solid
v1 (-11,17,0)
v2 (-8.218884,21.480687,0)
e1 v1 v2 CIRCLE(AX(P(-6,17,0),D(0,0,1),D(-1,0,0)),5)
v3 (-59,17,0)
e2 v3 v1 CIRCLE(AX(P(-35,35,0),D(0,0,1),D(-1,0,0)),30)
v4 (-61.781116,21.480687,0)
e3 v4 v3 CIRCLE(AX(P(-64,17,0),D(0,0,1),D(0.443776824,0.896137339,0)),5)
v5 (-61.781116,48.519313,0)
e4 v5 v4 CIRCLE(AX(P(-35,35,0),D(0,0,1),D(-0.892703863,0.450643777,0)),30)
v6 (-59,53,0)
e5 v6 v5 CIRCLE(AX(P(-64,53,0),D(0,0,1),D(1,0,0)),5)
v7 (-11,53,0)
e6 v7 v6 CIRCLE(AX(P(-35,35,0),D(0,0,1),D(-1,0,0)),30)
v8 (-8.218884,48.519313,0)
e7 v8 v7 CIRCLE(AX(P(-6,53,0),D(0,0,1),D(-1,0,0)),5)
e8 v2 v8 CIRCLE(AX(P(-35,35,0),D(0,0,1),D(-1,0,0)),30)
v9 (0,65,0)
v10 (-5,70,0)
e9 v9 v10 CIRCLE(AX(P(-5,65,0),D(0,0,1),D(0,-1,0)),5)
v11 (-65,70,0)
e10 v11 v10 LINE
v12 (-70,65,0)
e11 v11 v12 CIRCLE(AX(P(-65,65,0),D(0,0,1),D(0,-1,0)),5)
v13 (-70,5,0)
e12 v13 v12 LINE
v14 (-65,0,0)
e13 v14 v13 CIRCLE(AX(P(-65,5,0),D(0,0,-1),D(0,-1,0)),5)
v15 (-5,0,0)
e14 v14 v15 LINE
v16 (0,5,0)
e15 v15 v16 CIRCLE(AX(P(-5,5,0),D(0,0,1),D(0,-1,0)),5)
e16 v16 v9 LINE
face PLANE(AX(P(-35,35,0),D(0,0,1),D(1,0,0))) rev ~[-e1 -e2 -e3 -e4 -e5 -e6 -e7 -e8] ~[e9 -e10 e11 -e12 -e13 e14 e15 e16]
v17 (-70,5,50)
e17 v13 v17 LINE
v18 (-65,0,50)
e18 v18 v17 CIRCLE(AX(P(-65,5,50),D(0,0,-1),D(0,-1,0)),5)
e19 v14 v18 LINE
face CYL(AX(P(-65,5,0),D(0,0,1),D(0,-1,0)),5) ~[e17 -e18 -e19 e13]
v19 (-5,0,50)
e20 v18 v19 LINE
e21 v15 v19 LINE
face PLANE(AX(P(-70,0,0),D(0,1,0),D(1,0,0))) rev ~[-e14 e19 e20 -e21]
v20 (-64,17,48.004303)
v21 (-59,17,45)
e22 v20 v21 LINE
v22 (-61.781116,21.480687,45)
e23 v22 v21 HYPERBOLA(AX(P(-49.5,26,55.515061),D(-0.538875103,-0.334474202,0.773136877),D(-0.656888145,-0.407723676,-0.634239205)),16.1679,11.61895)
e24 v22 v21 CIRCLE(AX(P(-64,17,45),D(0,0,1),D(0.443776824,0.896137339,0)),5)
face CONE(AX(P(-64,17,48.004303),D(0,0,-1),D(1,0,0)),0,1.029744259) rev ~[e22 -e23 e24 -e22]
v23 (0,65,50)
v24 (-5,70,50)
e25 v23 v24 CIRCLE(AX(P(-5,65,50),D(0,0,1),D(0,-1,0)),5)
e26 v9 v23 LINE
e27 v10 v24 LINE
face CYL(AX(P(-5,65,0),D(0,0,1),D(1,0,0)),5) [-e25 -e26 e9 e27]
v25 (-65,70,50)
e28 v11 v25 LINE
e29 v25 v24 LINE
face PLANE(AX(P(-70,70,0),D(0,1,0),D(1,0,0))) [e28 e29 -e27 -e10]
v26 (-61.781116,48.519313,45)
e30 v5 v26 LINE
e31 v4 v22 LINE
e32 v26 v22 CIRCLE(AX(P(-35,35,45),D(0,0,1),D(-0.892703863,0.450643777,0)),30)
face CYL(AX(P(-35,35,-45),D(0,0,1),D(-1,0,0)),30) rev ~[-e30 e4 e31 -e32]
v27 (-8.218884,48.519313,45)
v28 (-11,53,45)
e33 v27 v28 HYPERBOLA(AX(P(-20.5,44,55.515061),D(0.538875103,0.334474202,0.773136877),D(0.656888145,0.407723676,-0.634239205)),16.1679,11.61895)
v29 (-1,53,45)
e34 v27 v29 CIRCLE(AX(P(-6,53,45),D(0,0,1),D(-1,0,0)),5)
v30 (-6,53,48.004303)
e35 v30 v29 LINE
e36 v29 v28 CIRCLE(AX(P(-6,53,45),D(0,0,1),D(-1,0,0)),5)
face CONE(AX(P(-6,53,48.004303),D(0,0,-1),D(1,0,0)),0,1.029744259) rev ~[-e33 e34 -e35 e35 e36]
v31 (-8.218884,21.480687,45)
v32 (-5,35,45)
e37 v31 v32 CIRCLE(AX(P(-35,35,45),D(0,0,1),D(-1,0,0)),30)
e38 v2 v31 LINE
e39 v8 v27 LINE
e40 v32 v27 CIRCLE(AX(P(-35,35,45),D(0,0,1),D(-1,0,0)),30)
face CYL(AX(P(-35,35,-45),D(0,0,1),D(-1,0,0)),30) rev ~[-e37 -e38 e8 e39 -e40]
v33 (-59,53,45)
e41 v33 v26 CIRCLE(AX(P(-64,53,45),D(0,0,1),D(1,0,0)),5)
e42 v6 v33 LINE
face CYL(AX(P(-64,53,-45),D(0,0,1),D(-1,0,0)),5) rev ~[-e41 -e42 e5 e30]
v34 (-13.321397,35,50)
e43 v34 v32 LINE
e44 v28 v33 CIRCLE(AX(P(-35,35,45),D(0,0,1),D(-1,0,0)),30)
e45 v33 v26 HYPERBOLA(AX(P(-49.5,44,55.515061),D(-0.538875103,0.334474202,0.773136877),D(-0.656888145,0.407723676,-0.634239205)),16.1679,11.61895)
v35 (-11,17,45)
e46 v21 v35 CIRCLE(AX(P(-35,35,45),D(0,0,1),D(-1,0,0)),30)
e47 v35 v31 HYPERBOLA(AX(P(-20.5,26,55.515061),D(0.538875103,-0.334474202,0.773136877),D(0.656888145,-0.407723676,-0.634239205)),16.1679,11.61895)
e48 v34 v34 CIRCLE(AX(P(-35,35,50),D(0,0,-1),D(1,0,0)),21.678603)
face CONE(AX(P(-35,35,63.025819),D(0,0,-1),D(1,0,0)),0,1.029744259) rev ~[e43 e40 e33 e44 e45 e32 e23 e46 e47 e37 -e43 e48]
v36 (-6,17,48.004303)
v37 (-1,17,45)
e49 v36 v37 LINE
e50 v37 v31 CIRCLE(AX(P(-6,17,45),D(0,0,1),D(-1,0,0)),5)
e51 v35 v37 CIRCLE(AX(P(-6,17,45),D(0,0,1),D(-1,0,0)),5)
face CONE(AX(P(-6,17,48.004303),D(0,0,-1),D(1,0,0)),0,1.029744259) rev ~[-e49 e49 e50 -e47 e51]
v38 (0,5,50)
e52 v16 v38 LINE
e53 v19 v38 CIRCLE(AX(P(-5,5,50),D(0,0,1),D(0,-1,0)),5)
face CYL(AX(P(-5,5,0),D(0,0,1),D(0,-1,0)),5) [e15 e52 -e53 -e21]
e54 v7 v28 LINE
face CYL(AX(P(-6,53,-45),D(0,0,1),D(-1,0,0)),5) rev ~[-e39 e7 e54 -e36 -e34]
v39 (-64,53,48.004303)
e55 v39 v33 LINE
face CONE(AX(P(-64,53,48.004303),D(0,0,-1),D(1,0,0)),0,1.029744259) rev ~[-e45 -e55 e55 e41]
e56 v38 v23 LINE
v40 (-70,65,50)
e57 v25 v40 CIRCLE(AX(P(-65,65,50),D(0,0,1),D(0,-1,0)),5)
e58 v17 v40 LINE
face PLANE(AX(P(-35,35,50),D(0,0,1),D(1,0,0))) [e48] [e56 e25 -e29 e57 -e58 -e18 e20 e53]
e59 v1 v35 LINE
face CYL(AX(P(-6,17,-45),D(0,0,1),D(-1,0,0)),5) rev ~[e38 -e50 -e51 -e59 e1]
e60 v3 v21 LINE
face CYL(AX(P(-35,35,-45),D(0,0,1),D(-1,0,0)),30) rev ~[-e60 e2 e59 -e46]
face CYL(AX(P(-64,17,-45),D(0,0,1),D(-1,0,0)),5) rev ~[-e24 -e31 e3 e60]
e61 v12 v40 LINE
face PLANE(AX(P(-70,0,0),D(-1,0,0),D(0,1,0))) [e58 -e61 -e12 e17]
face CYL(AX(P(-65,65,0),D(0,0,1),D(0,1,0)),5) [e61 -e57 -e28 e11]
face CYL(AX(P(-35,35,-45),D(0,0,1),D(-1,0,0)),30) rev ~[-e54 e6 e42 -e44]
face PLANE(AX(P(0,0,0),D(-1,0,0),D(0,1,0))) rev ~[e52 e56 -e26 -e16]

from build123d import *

# Parameters (mm, degrees)
F0_W      = 70
F0_H      = 70
F0_R      = 20
F3_DEPTH  = 50
F4_D      = 10
F4_DEPTH  = 45
F4_TIP    = 3.0043030951
F5_D      = 10
F5_DEPTH  = 45
F5_TIP    = 3.0043030951
F7_R      = 5
F8_R      = 5
F9_R      = 5
F10_R     = 5
F11_D     = 60
F11_DEPTH = 45
F11_TIP   = 18.0258185708


with BuildPart() as f3:
    # F0 (on Top) → F3 (new body)
    with BuildSketch(Plane.XY):
        with Locations((-35, 35)):
            Rectangle(F0_W, F0_H)
        with Locations((-35, 35)):
            Circle(F0_R, mode=Mode.SUBTRACT)
    extrude(amount=F3_DEPTH)

    # F4
    with Locations(Plane(origin=(0, 0, 0), x_dir=(1, 0, 0), z_dir=(0, 0, -1))):
        with Locations((-64, -17)):
            Hole(F4_D / 2, depth=F4_DEPTH)
            with Locations((0, 0, -(F4_DEPTH + F4_TIP / 2))):  # 118° drill point
                Cone(0, F4_D / 2, F4_TIP, mode=Mode.SUBTRACT)

    # F5
    with Locations(Plane(origin=(0, 0, 0), x_dir=(1, 0, 0), z_dir=(0, 0, -1))):
        with Locations((-6, -53), (-6, -17), (-64, -53)):
            Hole(F5_D / 2, depth=F5_DEPTH)
            with Locations((0, 0, -(F5_DEPTH + F5_TIP / 2))):  # 118° drill point
                Cone(0, F5_D / 2, F5_TIP, mode=Mode.SUBTRACT)

    # F7
    f7_edges = [f3.edges().sort_by_distance(p)[0] for p in [
        (0, 0, 25),
    ]]
    fillet(f7_edges, radius=F7_R)

    # F8
    f8_edges = [f3.edges().sort_by_distance(p)[0] for p in [
        (-70, 0, 25),
    ]]
    fillet(f8_edges, radius=F8_R)

    # F9
    f9_edges = [f3.edges().sort_by_distance(p)[0] for p in [
        (0, 70, 25),
    ]]
    fillet(f9_edges, radius=F9_R)

    # F10
    f10_edges = [f3.edges().sort_by_distance(p)[0] for p in [
        (-70, 70, 25),
    ]]
    fillet(f10_edges, radius=F10_R)

    # F11
    with Locations(Plane(origin=(0, 0, 0), x_dir=(1, 0, 0), z_dir=(0, 0, -1))):
        with Locations((-35, -35)):
            Hole(F11_D / 2, depth=F11_DEPTH)
            with Locations((0, 0, -(F11_DEPTH + F11_TIP / 2))):  # 118° drill point
                Cone(0, F11_D / 2, F11_TIP, mode=Mode.SUBTRACT)


solid = f3.part
